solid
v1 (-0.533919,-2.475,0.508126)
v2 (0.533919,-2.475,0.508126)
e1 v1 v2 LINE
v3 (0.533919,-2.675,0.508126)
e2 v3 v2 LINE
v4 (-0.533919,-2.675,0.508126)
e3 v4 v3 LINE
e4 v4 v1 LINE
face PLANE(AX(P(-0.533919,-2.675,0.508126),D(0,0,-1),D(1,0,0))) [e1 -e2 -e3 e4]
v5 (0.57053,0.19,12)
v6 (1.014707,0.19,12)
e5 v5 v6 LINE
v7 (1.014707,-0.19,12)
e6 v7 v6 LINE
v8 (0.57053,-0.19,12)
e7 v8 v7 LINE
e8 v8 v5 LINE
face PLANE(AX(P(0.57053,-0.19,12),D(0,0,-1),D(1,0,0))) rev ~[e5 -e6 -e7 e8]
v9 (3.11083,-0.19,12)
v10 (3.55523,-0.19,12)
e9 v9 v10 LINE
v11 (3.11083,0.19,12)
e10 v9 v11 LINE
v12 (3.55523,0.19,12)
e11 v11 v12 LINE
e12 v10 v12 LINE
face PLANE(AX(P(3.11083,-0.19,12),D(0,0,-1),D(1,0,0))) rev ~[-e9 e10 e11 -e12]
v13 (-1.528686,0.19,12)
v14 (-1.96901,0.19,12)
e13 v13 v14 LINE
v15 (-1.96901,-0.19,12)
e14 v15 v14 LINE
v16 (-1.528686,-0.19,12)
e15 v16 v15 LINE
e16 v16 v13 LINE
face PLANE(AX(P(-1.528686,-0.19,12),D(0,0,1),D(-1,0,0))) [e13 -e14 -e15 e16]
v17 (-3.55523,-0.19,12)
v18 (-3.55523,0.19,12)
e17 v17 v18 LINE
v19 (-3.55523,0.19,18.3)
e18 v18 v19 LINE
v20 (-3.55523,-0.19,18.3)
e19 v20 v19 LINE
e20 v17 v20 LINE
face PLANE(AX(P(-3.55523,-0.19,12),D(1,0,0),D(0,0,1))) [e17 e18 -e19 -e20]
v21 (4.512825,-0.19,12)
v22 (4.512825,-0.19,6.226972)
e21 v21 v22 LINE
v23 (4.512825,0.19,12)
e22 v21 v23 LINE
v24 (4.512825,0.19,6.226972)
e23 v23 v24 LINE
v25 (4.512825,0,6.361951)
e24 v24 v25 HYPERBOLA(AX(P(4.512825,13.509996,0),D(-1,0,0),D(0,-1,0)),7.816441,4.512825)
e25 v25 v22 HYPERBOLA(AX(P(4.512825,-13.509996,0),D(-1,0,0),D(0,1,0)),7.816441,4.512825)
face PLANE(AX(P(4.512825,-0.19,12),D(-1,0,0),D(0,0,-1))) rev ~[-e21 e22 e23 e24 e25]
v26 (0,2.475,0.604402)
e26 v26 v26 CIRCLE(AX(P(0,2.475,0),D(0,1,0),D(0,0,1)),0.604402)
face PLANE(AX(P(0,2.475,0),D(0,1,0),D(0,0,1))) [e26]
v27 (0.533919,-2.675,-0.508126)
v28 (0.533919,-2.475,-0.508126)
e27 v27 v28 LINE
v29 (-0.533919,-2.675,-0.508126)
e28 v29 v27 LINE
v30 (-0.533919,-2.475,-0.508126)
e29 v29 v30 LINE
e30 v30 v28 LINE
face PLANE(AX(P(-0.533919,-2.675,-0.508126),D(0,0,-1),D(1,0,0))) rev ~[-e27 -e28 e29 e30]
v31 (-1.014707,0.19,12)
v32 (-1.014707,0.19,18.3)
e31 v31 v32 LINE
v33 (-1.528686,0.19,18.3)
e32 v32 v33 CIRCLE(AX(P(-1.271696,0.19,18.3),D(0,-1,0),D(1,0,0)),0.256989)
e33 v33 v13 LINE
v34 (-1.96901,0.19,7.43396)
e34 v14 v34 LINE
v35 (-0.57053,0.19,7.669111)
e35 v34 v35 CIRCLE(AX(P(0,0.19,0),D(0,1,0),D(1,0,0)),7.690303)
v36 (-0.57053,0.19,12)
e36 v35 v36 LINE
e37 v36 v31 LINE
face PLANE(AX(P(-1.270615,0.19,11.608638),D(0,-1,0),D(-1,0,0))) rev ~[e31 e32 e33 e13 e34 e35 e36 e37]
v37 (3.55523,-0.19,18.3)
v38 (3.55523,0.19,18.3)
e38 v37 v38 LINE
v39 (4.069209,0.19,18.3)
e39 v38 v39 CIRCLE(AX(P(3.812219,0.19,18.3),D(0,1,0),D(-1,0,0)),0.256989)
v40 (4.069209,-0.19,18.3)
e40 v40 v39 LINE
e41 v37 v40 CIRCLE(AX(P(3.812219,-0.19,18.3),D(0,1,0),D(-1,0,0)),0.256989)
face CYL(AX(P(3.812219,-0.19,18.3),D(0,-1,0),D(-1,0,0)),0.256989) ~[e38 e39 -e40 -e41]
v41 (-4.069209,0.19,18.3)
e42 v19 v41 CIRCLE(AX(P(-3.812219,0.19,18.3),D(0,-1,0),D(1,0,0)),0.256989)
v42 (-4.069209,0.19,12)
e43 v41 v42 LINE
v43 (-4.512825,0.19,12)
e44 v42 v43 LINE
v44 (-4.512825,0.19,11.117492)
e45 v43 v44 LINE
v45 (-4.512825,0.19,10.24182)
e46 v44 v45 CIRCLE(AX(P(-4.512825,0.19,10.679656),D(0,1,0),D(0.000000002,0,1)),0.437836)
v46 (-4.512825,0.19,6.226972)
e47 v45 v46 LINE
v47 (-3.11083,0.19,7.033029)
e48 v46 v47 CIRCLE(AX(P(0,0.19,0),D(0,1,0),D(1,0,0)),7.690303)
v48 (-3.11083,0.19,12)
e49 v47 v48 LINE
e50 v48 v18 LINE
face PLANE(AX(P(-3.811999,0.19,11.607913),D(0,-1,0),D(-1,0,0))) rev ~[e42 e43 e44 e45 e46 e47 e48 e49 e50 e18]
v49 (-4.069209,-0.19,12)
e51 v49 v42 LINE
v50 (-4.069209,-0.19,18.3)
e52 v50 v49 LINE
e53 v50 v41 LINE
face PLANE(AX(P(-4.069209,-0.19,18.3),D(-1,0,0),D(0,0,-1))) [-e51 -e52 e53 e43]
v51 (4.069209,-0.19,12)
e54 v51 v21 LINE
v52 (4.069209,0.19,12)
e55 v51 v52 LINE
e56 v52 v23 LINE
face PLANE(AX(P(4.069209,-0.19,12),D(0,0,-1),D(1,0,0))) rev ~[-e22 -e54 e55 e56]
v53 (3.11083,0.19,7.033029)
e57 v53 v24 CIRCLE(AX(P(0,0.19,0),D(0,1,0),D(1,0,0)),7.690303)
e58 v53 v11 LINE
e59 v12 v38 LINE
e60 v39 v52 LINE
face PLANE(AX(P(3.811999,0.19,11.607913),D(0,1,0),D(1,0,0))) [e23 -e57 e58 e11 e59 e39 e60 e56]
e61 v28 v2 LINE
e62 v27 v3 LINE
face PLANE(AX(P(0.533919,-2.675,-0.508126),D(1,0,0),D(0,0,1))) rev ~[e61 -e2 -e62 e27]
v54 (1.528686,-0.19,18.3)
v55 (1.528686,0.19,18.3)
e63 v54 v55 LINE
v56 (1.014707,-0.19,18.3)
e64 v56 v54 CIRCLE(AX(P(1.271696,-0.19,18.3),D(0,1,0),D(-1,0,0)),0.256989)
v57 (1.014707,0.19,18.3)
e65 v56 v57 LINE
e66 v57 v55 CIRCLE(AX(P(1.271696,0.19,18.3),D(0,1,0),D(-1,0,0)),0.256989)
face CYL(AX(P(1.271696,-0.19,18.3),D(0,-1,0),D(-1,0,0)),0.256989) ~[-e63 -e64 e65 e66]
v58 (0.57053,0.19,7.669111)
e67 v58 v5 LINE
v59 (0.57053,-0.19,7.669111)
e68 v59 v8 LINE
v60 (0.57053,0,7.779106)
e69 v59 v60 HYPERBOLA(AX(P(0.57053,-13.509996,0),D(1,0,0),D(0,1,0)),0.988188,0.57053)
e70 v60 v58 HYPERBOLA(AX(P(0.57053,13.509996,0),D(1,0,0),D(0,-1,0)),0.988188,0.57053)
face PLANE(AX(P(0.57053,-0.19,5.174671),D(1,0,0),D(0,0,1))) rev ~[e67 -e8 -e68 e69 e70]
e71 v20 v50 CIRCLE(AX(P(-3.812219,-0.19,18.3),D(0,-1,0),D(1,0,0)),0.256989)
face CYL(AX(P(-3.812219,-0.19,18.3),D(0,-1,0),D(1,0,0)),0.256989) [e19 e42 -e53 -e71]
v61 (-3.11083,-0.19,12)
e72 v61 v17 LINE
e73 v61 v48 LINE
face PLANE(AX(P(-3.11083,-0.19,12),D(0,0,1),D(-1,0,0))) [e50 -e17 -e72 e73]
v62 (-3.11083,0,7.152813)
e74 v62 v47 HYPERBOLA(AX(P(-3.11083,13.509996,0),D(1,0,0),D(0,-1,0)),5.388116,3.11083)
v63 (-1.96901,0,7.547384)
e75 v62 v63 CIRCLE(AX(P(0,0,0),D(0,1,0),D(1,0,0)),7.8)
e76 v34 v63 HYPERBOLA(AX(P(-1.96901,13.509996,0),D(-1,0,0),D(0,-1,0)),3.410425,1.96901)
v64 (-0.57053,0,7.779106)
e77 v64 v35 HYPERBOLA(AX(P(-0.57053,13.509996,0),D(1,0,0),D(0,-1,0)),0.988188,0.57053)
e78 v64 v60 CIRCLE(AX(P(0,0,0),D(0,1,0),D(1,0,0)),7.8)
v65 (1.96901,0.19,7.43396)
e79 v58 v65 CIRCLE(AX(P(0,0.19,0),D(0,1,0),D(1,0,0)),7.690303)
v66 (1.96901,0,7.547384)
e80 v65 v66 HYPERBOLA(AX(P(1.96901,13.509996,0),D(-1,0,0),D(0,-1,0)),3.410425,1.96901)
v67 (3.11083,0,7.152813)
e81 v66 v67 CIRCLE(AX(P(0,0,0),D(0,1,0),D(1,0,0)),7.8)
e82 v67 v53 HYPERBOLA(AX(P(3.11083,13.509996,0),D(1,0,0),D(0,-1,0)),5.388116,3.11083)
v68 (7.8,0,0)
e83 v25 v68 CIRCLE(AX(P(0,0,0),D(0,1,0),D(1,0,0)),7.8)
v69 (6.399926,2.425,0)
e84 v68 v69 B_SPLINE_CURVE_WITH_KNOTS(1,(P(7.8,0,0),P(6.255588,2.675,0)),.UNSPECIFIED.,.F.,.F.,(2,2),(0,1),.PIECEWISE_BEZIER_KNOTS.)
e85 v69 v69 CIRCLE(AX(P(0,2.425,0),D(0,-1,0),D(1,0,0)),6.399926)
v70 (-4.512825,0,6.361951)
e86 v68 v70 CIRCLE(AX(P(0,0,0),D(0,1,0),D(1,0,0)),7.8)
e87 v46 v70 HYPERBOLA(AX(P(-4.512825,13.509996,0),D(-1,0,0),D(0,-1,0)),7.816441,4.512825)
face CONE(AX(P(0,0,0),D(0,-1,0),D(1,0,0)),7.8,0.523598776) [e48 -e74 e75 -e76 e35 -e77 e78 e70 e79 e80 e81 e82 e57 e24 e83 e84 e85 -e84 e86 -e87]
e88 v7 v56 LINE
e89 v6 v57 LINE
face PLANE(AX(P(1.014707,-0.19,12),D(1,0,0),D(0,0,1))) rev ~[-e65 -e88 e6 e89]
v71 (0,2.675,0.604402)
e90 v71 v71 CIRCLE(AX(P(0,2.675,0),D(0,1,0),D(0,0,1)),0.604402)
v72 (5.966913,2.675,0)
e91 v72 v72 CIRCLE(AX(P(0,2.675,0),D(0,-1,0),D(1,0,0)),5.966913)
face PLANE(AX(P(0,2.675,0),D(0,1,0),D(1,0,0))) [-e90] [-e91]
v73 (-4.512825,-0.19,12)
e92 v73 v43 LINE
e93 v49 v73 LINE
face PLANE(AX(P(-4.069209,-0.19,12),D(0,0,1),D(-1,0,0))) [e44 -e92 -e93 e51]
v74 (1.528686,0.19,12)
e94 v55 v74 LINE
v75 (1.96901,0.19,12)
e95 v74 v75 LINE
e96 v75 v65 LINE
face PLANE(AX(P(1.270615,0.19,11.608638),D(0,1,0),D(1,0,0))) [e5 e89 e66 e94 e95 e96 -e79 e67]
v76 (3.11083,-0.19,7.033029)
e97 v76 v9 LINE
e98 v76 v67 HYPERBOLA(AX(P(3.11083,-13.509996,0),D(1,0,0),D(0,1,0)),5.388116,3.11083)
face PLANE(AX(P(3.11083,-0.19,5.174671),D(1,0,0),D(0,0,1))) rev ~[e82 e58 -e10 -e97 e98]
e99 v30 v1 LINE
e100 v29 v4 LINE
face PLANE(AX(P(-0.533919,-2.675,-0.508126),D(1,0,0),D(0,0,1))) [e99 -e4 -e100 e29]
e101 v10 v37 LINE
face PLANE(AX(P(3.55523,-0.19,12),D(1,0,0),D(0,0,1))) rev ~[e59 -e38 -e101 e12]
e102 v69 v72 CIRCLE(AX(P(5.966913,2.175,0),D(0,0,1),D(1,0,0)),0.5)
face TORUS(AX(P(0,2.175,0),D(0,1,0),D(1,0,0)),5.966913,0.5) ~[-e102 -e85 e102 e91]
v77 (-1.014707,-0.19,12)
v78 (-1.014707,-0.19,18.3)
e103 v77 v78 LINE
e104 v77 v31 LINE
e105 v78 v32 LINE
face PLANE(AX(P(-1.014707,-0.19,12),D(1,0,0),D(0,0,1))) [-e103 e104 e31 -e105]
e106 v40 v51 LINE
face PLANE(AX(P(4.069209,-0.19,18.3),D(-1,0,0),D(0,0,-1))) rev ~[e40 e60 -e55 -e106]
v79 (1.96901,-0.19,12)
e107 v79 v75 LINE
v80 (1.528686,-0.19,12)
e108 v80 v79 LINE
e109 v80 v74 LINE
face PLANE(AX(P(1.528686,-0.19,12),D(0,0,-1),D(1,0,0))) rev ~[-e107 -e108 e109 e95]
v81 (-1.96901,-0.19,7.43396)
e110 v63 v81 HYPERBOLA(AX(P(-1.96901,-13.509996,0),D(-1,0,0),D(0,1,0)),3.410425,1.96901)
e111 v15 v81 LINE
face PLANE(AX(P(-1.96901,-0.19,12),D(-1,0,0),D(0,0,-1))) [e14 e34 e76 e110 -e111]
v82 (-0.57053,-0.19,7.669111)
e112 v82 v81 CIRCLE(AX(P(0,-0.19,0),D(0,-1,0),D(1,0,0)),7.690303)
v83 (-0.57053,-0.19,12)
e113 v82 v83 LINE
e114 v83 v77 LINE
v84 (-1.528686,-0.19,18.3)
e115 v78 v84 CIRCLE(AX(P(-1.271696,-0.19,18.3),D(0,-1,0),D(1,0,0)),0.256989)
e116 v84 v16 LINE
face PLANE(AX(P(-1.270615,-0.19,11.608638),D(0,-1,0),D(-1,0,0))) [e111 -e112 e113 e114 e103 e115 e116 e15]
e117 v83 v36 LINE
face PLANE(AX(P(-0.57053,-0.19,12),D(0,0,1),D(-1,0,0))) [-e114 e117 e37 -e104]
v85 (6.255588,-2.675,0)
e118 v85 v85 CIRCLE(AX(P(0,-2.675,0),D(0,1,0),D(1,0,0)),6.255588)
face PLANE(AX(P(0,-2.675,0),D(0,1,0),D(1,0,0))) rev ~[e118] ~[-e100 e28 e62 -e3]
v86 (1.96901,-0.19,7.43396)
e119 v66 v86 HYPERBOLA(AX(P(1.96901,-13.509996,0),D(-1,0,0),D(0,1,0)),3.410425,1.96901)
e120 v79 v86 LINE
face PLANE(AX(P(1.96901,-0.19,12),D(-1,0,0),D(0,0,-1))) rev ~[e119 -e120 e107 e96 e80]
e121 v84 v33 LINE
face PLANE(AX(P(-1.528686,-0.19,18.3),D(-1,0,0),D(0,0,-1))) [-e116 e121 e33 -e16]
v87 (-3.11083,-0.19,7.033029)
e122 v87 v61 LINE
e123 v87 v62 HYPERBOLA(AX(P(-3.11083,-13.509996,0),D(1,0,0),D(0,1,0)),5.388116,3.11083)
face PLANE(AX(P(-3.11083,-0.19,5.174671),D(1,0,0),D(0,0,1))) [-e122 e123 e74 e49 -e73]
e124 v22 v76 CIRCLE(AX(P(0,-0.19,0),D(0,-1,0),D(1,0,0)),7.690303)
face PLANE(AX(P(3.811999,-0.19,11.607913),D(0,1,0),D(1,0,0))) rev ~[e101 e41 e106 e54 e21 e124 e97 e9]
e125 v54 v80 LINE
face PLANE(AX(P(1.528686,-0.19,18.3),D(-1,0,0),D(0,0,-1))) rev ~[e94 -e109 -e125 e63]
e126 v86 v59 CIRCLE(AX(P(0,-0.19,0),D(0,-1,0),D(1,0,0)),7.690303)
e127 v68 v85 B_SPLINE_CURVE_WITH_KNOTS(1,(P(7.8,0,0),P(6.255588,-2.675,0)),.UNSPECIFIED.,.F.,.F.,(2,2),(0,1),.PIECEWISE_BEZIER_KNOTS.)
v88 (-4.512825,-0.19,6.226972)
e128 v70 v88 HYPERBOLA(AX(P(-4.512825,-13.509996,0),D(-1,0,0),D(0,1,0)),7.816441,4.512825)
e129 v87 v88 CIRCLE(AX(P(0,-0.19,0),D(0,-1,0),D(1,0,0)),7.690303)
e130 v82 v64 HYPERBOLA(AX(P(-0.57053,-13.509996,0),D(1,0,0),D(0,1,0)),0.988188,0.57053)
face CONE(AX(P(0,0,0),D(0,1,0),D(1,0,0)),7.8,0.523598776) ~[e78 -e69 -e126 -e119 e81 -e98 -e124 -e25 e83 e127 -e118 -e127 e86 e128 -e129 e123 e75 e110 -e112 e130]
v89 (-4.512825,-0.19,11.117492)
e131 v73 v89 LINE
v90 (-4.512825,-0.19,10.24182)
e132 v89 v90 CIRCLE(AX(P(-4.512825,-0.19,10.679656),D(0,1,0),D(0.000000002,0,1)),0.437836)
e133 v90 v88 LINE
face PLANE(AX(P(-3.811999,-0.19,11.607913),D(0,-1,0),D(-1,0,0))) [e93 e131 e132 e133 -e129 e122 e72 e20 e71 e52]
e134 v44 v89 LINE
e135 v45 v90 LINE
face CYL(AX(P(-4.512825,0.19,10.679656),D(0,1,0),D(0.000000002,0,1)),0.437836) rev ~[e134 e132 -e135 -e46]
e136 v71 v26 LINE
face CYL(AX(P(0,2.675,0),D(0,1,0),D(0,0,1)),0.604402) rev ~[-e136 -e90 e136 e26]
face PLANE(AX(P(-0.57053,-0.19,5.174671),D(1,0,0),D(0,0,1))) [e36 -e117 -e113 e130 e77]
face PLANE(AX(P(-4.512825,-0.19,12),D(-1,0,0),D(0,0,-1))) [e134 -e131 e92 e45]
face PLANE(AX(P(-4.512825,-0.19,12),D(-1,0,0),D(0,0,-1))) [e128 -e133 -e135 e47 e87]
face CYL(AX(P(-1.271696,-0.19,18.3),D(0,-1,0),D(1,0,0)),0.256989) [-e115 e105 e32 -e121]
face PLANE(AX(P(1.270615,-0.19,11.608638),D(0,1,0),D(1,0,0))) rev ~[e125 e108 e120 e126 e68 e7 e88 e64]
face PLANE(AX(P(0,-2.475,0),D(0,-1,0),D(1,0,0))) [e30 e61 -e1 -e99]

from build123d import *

# Parameters (mm, degrees)
ESQUISSE1_R                  = 7.8
BOSS_EXTRU_1_DEPTH           = 2.675
BOSS_EXTRU_1_TAPER           = 30
BOSS_EXTRU_1_OTHER_WAY_DEPTH = 2.675
BOSS_EXTRU_1_OTHER_WAY_TAPER = 30
BOSS_EXTRU_2_DEPTH           = 0.19
BOSS_EXTRU_2_DEPTH_BACK      = 0.19
ENL_V_MAT_EXTRU_1_DEPTH      = 1.19
ESQUISSE4_R                  = 0.604402157
ENL_V_MAT_EXTRU_2_DEPTH      = 0.2
ESQUISSE5_W                  = 1.06783848
ESQUISSE5_H                  = 1.016251764
ENL_V_MAT_EXTRU_3_DEPTH      = 0.2
CONG_1_R                     = 0.5


with BuildPart() as part:
    # Esquisse1 → Boss.-Extru.1 (new body)
    with BuildSketch(Plane(origin=(0, 0, 0), x_dir=(1, 0, 0), z_dir=(0, 1, 0))):
        Circle(ESQUISSE1_R)
    extrude(amount=BOSS_EXTRU_1_DEPTH, taper=BOSS_EXTRU_1_TAPER)

    # Esquisse1 → Boss.-Extru.1 other way (add)
    with BuildSketch(Plane(origin=(0, 0, 0), x_dir=(1, 0, 0), z_dir=(0, 1, 0))):
        Circle(ESQUISSE1_R)
    extrude(amount=-BOSS_EXTRU_1_OTHER_WAY_DEPTH, taper=BOSS_EXTRU_1_OTHER_WAY_TAPER)

    # Esquisse2 → Boss.-Extru.2 (add, two sides: drawn at the far end of the back side and taken through both)
    with BuildSketch(Plane(origin=(0, 0, 0), x_dir=(1, 0, 0), z_dir=(0, 1, 0)).offset(-BOSS_EXTRU_2_DEPTH_BACK)):
        with BuildLine():
            Line((1.969010028, -12), (1.969010028, -5.174670877))
            Line((1.969010028, -5.174670877), (0.570530435, -5.174670877))
            Line((0.570530435, -5.174670877), (0.570530435, -12))
            Line((0.570530435, -12), (1.014706926, -12))
            Line((1.014706926, -12), (1.014706926, -18.3))
            ThreePointArc((1.014706926, -18.3), (1.271696248, -18.556989322), (1.52868557, -18.3))
            Line((1.52868557, -18.3), (1.52868557, -12))
            Line((1.52868557, -12), (1.969010028, -12))
        make_face()
        with BuildLine():
            Line((4.069208585, -18.3), (4.069208585, -12))
            Line((4.069208585, -12), (4.512824501, -12))
            Line((4.512824501, -12), (4.512824501, -5.174670877))
            Line((4.512824501, -5.174670877), (3.110830289, -5.174670877))
            Line((3.110830289, -5.174670877), (3.110830289, -12))
            Line((3.110830289, -12), (3.555229941, -12))
            Line((3.555229941, -12), (3.555229941, -18.3))
            ThreePointArc((3.555229941, -18.3), (3.812219263, -18.556989322), (4.069208585, -18.3))
        make_face()
        with BuildLine():
            Line((-0.570530435, -5.174670877), (-0.570530435, -12))
            Line((-0.570530435, -12), (-1.014706926, -12))
            Line((-1.014706926, -12), (-1.014706926, -18.3))
            ThreePointArc((-1.014706926, -18.3), (-1.271696248, -18.556989322), (-1.52868557, -18.3))
            Line((-1.52868557, -18.3), (-1.52868557, -12))
            Line((-1.52868557, -12), (-1.969010028, -12))
            Line((-1.969010028, -12), (-1.969010028, -5.174670877))
            Line((-1.969010028, -5.174670877), (-0.570530435, -5.174670877))
        make_face()
        with BuildLine():
            Line((-4.512824501, -5.174670877), (-3.110830289, -5.174670877))
            Line((-3.110830289, -5.174670877), (-3.110830289, -12))
            Line((-3.110830289, -12), (-3.555229941, -12))
            Line((-3.555229941, -12), (-3.555229941, -18.3))
            ThreePointArc((-3.555229941, -18.3), (-3.812219263, -18.556989322), (-4.069208585, -18.3))
            Line((-4.069208585, -18.3), (-4.069208585, -12))
            Line((-4.069208585, -12), (-4.512824501, -12))
            Line((-4.512824501, -12), (-4.512824501, -5.174670877))
        make_face()
    extrude(amount=BOSS_EXTRU_2_DEPTH + BOSS_EXTRU_2_DEPTH_BACK)

    # Esquisse3 → Enlèv. mat.-Extru.1 (cut)
    with BuildSketch(Plane(origin=(0, 0.19, 0), x_dir=(1, 0, 0), z_dir=(0, 1, 0))):
        with BuildLine():
            Line((-4.512824501, -10.241819979), (-4.512824501, -11.117491511))
            ThreePointArc((-4.512824501, -11.117491511), (-4.074988736, -10.679655745), (-4.512824501, -10.241819979))
        make_face()
    extrude(amount=-ENL_V_MAT_EXTRU_1_DEPTH, mode=Mode.SUBTRACT)

    # Esquisse4 → Enlèv. mat.-Extru.2 (cut)
    with BuildSketch(Plane(origin=(0, 2.675, 0), x_dir=(1, 0, 0), z_dir=(0, 1, 0))):
        with Locations(Location((0, 0, 0), (0, 0, 270))):
            Circle(ESQUISSE4_R)
    extrude(amount=-ENL_V_MAT_EXTRU_2_DEPTH, mode=Mode.SUBTRACT)

    # Esquisse5 → Enlèv. mat.-Extru.3 (cut)
    with BuildSketch(Plane.XZ.offset(2.675)):
        Rectangle(ESQUISSE5_W, ESQUISSE5_H)
    extrude(amount=-ENL_V_MAT_EXTRU_3_DEPTH, mode=Mode.SUBTRACT)

    # Congé1
    cong_1_edges = [part.edges().sort_by_distance(p)[0] for p in [
        (-6.25558803, 2.675, 0),
    ]]
    fillet(cong_1_edges, radius=CONG_1_R)


solid = part.part
